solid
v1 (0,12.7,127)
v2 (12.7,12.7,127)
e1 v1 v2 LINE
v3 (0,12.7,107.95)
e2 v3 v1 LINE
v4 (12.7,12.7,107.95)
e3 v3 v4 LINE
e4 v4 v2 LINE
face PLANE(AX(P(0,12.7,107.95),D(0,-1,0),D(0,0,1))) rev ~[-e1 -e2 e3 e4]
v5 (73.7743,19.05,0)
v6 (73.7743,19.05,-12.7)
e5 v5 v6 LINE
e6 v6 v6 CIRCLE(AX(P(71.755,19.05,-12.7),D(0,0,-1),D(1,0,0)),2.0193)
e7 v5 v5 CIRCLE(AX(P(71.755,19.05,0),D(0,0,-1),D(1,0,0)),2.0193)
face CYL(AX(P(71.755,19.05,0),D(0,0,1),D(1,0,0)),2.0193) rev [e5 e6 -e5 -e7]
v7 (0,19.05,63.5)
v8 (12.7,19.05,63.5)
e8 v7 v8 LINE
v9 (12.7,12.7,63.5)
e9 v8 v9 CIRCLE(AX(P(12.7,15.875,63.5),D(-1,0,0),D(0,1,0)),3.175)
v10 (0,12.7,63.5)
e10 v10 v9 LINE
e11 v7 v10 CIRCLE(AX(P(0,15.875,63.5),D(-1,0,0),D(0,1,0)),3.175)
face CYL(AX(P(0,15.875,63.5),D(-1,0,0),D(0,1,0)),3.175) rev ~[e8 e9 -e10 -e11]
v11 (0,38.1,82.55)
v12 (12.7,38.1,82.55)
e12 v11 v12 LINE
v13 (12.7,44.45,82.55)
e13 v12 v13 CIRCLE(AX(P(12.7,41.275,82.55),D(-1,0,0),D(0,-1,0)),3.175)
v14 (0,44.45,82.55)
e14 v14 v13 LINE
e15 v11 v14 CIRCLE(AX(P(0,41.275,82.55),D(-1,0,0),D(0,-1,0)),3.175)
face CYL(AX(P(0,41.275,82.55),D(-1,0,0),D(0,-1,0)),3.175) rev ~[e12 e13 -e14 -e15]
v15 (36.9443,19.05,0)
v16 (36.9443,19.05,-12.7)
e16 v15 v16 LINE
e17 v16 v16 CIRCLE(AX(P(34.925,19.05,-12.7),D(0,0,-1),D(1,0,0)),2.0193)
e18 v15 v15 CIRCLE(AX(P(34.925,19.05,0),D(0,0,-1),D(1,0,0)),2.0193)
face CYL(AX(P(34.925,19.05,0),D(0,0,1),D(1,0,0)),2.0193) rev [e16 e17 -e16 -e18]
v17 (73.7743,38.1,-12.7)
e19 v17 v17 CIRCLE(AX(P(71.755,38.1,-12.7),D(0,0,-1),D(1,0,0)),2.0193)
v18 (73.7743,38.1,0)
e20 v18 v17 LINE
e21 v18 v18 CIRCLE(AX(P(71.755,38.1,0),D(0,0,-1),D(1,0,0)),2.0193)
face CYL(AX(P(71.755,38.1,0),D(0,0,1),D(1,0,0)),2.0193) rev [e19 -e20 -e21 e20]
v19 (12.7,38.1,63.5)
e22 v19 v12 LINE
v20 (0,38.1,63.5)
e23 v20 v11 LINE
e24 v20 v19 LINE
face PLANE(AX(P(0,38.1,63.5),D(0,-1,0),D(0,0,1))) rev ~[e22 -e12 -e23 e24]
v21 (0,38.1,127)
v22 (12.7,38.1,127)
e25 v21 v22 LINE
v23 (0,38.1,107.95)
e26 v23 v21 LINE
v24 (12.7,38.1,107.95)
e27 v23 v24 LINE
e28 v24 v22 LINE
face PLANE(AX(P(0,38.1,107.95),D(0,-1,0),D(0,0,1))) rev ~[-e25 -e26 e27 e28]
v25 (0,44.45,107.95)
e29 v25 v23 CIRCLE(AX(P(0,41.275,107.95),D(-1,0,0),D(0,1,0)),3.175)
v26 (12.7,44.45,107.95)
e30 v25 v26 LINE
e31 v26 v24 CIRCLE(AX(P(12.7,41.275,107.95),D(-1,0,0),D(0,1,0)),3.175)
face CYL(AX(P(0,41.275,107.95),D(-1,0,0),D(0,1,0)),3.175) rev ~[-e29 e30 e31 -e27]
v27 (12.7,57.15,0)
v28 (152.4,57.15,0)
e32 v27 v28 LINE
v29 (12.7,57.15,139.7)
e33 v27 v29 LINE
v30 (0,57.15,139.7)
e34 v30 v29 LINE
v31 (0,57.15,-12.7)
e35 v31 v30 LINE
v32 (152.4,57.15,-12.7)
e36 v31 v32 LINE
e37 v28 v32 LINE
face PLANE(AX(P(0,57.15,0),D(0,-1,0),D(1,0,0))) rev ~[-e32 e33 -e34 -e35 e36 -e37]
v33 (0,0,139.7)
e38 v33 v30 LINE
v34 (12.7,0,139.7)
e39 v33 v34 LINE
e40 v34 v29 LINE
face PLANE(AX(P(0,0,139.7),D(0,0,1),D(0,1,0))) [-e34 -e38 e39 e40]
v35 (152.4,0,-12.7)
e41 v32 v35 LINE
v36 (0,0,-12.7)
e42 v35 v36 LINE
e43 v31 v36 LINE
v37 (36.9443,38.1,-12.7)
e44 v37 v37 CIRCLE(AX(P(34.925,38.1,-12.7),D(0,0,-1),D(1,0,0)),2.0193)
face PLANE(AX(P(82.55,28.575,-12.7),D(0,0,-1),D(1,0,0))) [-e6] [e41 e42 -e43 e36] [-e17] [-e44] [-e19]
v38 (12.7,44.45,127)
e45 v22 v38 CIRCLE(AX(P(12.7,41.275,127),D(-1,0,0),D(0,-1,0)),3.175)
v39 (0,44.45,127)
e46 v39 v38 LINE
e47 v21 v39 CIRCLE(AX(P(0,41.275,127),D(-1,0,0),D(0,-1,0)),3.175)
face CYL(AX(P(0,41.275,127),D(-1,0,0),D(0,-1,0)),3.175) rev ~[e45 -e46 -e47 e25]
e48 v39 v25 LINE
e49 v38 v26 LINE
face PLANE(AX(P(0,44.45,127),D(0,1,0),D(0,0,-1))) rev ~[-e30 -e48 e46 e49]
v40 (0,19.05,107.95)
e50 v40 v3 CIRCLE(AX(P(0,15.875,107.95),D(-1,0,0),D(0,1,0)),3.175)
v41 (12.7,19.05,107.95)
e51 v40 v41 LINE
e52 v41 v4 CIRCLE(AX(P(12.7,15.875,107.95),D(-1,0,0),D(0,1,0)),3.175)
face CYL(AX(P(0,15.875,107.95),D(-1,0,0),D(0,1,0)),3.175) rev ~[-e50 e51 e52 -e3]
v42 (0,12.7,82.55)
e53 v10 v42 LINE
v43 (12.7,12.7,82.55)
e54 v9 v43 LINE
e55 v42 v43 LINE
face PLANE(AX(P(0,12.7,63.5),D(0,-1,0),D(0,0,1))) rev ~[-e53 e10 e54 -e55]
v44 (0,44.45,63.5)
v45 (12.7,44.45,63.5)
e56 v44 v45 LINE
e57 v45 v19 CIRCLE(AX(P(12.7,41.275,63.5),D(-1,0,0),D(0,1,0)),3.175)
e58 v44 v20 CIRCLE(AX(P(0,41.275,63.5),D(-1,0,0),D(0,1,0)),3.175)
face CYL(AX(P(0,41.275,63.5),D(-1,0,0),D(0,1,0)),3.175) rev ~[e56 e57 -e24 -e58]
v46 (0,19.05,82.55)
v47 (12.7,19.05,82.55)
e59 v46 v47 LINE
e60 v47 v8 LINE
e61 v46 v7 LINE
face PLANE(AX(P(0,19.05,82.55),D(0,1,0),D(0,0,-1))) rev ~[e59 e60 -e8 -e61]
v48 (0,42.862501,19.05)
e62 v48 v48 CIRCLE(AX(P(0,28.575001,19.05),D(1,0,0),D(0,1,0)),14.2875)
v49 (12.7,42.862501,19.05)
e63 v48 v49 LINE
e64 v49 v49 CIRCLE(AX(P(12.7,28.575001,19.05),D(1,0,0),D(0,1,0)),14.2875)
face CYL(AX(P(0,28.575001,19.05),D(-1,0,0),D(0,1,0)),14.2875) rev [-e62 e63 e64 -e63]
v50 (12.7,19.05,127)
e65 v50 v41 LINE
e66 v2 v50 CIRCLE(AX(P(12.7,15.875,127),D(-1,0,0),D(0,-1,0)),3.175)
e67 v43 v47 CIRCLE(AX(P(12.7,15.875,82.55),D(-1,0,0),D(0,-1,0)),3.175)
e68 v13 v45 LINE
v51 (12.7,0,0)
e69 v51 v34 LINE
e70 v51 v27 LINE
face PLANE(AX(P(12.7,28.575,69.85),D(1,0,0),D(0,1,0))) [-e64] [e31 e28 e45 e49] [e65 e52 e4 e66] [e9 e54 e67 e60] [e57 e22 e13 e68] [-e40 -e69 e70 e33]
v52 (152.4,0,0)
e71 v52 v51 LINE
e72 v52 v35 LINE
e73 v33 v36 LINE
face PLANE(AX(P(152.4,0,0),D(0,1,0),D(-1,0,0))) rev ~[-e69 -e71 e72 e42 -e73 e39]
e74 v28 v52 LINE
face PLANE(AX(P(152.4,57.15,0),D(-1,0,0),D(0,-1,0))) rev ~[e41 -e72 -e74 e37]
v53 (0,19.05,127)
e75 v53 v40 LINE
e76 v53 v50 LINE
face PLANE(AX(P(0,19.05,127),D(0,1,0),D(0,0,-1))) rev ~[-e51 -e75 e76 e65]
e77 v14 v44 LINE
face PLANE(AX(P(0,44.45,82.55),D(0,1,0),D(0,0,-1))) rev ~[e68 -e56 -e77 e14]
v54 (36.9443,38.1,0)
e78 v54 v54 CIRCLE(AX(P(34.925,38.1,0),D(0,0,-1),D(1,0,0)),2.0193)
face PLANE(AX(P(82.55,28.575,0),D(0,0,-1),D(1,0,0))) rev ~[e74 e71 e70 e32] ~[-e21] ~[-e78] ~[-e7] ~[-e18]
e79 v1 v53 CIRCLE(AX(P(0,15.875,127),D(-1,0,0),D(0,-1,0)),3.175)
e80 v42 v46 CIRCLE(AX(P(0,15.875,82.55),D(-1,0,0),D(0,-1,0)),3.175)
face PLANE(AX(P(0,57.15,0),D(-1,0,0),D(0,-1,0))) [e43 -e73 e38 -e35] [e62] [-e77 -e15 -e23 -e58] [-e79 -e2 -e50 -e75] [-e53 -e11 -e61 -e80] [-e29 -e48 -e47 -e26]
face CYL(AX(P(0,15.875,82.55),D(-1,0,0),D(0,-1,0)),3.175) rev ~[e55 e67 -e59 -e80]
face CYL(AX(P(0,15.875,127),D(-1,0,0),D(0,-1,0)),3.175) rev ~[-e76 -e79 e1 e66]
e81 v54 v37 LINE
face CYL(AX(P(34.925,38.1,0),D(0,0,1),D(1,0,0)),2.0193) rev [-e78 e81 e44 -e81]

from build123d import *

# Parameters (mm, degrees)
F0_W     = 57.15
F0_H     = 139.7
F0_R     = 14.2875
F1_DEPTH = 12.7
F2_W     = 139.7
F2_H     = 57.15
F2_R     = 2.0193
F2_W_2   = 12.7
F3_DEPTH = 12.7


with BuildPart() as f1:
    # F0 (on Right) → F1 (new body)
    with BuildSketch(Plane.YZ):
        with Locations((28.575, 69.85)):
            Rectangle(F0_W, F0_H)
        with Locations((28.575001, 19.05)):
            Circle(F0_R, mode=Mode.SUBTRACT)
        with BuildLine():
            ThreePointArc((19.05, 63.5), (15.875, 60.325), (12.7, 63.5))
            Line((12.7, 63.5), (12.7, 82.55))
            ThreePointArc((12.7, 82.55), (15.875, 85.725), (19.05, 82.55))
            Line((19.05, 82.55), (19.05, 63.5))
        make_face(mode=Mode.SUBTRACT)
        with BuildLine():
            ThreePointArc((19.05, 107.95), (15.875, 104.775), (12.7, 107.95))
            Line((12.7, 107.95), (12.7, 127))
            ThreePointArc((12.7, 127), (15.875, 130.175), (19.05, 127))
            Line((19.05, 127), (19.05, 107.95))
        make_face(mode=Mode.SUBTRACT)
        with BuildLine():
            ThreePointArc((44.45, 63.5), (41.275, 60.325), (38.1, 63.5))
            Line((38.1, 63.5), (38.1, 82.55))
            ThreePointArc((38.1, 82.55), (41.275, 85.725), (44.45, 82.55))
            Line((44.45, 82.55), (44.45, 63.5))
        make_face(mode=Mode.SUBTRACT)
        with BuildLine():
            ThreePointArc((44.45, 107.95), (41.275, 104.775), (38.1, 107.95))
            Line((38.1, 107.95), (38.1, 127))
            ThreePointArc((38.1, 127), (41.275, 130.175), (44.45, 127))
            Line((44.45, 127), (44.45, 107.95))
        make_face(mode=Mode.SUBTRACT)
    extrude(amount=F1_DEPTH)

    # F2 (on face) → F3 (join)
    with BuildSketch(Plane(origin=(0, 0, 0), x_dir=(1, 0, 0), z_dir=(0, 0, -1))):
        with Locations((82.55, -28.575)):
            Rectangle(F2_W, F2_H)
        with Locations((34.925, -38.1)):
            Circle(F2_R, mode=Mode.SUBTRACT)
        with Locations((71.755, -38.1)):
            Circle(F2_R, mode=Mode.SUBTRACT)
        with Locations((34.925, -19.05)):
            Circle(F2_R, mode=Mode.SUBTRACT)
        with Locations((71.755, -19.05)):
            Circle(F2_R, mode=Mode.SUBTRACT)
        with Locations((6.35, -28.575)):
            Rectangle(F2_W_2, F2_H)
    extrude(amount=F3_DEPTH)


solid = f1.part
